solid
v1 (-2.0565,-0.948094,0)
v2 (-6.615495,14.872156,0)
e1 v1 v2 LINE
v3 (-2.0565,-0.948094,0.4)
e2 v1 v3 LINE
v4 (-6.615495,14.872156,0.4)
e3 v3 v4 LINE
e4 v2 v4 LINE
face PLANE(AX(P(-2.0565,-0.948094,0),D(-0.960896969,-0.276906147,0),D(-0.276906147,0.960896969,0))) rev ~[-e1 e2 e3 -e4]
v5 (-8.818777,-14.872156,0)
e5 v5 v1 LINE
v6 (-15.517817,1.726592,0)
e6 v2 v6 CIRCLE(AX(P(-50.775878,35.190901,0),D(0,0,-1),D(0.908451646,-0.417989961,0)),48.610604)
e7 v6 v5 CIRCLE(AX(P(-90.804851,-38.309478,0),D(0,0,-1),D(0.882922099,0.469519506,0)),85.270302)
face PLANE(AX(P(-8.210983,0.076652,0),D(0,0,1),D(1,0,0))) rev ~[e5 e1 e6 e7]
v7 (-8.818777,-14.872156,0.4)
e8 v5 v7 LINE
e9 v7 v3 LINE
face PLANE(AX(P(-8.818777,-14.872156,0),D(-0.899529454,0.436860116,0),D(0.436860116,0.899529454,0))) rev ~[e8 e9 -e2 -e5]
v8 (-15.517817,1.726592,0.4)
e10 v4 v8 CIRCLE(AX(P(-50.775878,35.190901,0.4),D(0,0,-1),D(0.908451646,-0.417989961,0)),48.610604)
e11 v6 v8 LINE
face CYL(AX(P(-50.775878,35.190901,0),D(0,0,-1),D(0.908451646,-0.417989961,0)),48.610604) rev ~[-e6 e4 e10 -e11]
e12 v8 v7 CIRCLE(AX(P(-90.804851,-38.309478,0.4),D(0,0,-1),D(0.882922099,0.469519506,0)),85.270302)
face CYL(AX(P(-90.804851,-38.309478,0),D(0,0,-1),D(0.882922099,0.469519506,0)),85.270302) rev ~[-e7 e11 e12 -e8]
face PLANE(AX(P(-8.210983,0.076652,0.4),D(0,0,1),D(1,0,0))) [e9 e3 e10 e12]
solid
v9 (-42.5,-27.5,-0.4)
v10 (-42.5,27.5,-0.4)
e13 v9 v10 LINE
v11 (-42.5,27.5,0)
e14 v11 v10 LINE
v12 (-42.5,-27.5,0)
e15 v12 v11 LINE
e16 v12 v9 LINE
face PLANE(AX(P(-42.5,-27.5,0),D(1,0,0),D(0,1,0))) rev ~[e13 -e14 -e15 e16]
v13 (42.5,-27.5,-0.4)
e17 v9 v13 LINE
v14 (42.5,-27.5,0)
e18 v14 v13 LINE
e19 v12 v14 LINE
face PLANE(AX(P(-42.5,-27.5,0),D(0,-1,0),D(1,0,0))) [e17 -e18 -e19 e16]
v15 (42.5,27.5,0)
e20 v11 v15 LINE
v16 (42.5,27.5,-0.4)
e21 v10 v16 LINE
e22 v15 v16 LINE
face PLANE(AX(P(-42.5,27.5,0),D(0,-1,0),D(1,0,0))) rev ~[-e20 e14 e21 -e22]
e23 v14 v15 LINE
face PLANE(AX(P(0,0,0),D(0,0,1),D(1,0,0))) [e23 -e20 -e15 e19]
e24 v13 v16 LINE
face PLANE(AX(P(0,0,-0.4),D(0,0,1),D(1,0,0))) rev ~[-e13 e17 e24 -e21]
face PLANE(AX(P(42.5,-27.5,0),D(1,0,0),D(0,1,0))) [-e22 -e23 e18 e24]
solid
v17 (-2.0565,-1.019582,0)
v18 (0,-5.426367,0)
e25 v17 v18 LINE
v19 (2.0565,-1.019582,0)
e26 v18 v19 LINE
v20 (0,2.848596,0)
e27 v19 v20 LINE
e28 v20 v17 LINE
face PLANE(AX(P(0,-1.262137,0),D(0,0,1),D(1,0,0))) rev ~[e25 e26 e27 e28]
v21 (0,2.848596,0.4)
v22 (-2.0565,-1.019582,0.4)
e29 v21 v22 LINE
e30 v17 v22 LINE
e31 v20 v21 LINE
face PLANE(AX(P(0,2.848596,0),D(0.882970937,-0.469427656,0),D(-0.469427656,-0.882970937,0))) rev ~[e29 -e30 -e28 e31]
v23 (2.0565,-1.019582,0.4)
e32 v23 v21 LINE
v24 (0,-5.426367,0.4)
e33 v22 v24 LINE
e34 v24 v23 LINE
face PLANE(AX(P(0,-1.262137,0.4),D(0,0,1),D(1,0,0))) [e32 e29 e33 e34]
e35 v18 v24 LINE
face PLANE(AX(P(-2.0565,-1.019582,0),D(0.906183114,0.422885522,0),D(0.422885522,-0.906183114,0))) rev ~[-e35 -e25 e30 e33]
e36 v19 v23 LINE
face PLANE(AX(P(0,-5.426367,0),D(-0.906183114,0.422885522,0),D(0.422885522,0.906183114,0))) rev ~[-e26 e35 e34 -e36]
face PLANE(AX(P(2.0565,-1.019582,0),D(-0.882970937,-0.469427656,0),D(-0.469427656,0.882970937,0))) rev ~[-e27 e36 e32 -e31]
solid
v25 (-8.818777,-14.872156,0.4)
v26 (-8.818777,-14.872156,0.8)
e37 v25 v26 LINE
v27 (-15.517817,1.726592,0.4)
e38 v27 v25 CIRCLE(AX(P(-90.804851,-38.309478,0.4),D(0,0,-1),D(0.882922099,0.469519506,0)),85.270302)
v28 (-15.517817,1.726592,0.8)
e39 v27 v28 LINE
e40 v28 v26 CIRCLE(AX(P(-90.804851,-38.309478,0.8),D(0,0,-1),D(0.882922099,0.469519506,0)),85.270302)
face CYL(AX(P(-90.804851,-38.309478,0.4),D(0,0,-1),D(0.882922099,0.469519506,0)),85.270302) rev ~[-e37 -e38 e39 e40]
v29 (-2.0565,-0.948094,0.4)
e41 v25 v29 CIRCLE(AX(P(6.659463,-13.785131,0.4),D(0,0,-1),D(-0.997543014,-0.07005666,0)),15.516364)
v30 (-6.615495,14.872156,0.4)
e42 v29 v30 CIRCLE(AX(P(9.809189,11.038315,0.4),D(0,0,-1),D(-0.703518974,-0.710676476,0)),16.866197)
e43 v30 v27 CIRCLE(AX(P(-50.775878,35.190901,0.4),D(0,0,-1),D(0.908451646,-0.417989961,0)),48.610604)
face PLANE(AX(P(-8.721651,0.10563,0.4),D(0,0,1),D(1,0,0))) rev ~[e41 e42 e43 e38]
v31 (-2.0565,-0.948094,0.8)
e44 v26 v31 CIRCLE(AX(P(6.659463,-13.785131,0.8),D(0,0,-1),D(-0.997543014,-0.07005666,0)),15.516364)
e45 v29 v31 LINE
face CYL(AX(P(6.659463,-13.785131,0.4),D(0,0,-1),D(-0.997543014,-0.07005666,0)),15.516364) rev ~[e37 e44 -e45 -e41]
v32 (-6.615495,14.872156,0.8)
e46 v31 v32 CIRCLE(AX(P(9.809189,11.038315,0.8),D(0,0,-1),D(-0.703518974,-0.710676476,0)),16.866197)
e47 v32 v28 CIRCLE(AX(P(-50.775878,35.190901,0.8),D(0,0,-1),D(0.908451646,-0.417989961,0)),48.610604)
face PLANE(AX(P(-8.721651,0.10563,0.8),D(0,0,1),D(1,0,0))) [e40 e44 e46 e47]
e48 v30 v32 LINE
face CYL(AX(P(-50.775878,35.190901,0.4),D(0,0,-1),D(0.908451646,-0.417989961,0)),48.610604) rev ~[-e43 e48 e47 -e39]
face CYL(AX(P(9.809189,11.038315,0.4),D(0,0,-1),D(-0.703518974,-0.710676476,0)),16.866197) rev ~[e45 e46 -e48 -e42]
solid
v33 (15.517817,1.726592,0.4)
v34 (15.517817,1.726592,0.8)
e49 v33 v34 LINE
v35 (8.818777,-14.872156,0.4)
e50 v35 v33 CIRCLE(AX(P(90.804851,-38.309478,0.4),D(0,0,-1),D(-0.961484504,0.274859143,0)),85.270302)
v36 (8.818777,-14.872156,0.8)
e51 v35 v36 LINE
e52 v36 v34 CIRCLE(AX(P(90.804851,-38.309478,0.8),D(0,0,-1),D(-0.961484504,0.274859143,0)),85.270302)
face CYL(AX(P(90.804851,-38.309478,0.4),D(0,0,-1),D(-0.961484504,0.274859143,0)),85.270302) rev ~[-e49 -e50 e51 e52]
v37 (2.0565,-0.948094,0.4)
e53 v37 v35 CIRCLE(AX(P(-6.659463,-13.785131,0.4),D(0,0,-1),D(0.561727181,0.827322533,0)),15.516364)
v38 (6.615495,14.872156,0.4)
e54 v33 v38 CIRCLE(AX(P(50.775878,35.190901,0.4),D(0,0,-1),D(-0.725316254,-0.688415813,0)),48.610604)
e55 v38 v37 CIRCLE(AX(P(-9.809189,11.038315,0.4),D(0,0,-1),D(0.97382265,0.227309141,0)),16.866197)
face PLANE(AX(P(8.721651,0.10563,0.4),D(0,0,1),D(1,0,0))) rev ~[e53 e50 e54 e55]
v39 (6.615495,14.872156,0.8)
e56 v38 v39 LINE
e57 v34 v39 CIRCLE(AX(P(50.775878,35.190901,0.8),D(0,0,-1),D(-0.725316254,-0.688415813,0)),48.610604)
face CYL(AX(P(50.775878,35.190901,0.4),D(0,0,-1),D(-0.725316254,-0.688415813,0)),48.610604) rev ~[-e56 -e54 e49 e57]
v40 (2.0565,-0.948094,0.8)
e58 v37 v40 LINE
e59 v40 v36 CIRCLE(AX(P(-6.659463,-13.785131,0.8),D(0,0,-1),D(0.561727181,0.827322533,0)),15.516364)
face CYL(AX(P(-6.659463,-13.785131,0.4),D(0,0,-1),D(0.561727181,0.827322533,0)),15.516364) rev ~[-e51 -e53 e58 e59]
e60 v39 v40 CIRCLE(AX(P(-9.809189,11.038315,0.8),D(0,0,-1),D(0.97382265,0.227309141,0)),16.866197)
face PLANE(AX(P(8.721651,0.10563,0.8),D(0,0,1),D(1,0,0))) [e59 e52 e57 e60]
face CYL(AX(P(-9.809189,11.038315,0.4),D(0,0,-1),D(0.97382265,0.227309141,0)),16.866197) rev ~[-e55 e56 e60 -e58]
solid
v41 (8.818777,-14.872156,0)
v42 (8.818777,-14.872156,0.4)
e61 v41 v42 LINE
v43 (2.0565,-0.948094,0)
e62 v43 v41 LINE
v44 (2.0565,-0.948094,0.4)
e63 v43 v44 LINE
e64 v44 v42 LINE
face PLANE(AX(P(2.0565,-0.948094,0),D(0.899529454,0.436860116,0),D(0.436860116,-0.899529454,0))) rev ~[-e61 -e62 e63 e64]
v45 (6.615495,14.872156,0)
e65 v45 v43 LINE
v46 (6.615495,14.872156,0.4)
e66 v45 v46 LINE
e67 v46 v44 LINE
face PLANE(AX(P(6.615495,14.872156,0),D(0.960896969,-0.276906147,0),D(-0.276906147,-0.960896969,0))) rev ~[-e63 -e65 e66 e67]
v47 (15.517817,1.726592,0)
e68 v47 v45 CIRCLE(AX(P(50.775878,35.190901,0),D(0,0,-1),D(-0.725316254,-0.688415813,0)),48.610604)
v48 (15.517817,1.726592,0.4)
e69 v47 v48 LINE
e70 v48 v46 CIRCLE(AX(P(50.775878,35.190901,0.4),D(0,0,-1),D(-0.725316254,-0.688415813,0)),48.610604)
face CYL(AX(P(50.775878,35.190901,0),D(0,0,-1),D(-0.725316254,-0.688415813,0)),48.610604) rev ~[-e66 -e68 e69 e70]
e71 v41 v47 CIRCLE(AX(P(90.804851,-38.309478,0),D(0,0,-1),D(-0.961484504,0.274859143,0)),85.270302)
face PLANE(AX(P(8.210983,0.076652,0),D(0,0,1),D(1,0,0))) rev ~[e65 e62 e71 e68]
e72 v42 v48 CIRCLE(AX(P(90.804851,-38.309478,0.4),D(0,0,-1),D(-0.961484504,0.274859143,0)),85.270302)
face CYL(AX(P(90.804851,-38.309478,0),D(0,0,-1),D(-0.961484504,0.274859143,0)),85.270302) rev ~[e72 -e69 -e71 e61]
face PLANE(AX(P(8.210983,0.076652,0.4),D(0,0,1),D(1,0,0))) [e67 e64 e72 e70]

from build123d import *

# Parameters (mm, degrees)
F1_DEPTH = 0.4
F2_W     = 85
F2_H     = 55
F3_DEPTH = 0.4
F5_DEPTH = 0.4


with BuildPart() as f1:
    # F0 (on Top) → F1 (new body)
    with BuildSketch(Plane.XY):
        Polygon((-2.0565, -1.019582), (0, -5.426367), (2.0565, -1.019582), (0, 2.848596), align=None)
        with BuildLine():
            ThreePointArc((15.517817, 1.726592), (10.526359, 7.933479), (6.615495, 14.872156))
            Line((6.615495, 14.872156), (2.0565, -0.948094))
            Line((2.0565, -0.948094), (8.818777, -14.872156))
            ThreePointArc((8.818777, -14.872156), (11.731548, -6.396516), (15.517817, 1.726592))
        make_face()
        with BuildLine():
            Line((-2.0565, -0.948094), (-6.615495, 14.872156))
            ThreePointArc((-6.615495, 14.872156), (-10.526359, 7.933479), (-15.517817, 1.726592))
            ThreePointArc((-15.517817, 1.726592), (-11.731548, -6.396516), (-8.818777, -14.872156))
            Line((-8.818777, -14.872156), (-2.0565, -0.948094))
        make_face()
    extrude(amount=F1_DEPTH)


with BuildPart() as f3:
    # F2 (on Top) → F3 (new body)
    with BuildSketch(Plane.XY):
        Rectangle(F2_W, F2_H)
    extrude(amount=-F3_DEPTH)


with BuildPart() as f5:
    # F4 (on face) → F5 (new body)
    with BuildSketch(Plane.XY.offset(0.4)):
        with BuildLine():
            ThreePointArc((-8.818777, -14.872156), (-7.297963, -7.006651), (-2.0565, -0.948094))
            ThreePointArc((-2.0565, -0.948094), (-6.397488, 6.367962), (-6.615495, 14.872156))
            ThreePointArc((-6.615495, 14.872156), (-10.526359, 7.933479), (-15.517817, 1.726592))
            ThreePointArc((-15.517817, 1.726592), (-11.731548, -6.396516), (-8.818777, -14.872156))
        make_face()
        with BuildLine():
            ThreePointArc((6.615495, 14.872156), (6.397488, 6.367962), (2.0565, -0.948094))
            ThreePointArc((2.0565, -0.948094), (7.297963, -7.006651), (8.818777, -14.872156))
            ThreePointArc((8.818777, -14.872156), (11.731548, -6.396516), (15.517817, 1.726592))
            ThreePointArc((15.517817, 1.726592), (10.526359, 7.933479), (6.615495, 14.872156))
        make_face()
    extrude(amount=F5_DEPTH)


solid = Compound([f1.part, f3.part, f5.part])
